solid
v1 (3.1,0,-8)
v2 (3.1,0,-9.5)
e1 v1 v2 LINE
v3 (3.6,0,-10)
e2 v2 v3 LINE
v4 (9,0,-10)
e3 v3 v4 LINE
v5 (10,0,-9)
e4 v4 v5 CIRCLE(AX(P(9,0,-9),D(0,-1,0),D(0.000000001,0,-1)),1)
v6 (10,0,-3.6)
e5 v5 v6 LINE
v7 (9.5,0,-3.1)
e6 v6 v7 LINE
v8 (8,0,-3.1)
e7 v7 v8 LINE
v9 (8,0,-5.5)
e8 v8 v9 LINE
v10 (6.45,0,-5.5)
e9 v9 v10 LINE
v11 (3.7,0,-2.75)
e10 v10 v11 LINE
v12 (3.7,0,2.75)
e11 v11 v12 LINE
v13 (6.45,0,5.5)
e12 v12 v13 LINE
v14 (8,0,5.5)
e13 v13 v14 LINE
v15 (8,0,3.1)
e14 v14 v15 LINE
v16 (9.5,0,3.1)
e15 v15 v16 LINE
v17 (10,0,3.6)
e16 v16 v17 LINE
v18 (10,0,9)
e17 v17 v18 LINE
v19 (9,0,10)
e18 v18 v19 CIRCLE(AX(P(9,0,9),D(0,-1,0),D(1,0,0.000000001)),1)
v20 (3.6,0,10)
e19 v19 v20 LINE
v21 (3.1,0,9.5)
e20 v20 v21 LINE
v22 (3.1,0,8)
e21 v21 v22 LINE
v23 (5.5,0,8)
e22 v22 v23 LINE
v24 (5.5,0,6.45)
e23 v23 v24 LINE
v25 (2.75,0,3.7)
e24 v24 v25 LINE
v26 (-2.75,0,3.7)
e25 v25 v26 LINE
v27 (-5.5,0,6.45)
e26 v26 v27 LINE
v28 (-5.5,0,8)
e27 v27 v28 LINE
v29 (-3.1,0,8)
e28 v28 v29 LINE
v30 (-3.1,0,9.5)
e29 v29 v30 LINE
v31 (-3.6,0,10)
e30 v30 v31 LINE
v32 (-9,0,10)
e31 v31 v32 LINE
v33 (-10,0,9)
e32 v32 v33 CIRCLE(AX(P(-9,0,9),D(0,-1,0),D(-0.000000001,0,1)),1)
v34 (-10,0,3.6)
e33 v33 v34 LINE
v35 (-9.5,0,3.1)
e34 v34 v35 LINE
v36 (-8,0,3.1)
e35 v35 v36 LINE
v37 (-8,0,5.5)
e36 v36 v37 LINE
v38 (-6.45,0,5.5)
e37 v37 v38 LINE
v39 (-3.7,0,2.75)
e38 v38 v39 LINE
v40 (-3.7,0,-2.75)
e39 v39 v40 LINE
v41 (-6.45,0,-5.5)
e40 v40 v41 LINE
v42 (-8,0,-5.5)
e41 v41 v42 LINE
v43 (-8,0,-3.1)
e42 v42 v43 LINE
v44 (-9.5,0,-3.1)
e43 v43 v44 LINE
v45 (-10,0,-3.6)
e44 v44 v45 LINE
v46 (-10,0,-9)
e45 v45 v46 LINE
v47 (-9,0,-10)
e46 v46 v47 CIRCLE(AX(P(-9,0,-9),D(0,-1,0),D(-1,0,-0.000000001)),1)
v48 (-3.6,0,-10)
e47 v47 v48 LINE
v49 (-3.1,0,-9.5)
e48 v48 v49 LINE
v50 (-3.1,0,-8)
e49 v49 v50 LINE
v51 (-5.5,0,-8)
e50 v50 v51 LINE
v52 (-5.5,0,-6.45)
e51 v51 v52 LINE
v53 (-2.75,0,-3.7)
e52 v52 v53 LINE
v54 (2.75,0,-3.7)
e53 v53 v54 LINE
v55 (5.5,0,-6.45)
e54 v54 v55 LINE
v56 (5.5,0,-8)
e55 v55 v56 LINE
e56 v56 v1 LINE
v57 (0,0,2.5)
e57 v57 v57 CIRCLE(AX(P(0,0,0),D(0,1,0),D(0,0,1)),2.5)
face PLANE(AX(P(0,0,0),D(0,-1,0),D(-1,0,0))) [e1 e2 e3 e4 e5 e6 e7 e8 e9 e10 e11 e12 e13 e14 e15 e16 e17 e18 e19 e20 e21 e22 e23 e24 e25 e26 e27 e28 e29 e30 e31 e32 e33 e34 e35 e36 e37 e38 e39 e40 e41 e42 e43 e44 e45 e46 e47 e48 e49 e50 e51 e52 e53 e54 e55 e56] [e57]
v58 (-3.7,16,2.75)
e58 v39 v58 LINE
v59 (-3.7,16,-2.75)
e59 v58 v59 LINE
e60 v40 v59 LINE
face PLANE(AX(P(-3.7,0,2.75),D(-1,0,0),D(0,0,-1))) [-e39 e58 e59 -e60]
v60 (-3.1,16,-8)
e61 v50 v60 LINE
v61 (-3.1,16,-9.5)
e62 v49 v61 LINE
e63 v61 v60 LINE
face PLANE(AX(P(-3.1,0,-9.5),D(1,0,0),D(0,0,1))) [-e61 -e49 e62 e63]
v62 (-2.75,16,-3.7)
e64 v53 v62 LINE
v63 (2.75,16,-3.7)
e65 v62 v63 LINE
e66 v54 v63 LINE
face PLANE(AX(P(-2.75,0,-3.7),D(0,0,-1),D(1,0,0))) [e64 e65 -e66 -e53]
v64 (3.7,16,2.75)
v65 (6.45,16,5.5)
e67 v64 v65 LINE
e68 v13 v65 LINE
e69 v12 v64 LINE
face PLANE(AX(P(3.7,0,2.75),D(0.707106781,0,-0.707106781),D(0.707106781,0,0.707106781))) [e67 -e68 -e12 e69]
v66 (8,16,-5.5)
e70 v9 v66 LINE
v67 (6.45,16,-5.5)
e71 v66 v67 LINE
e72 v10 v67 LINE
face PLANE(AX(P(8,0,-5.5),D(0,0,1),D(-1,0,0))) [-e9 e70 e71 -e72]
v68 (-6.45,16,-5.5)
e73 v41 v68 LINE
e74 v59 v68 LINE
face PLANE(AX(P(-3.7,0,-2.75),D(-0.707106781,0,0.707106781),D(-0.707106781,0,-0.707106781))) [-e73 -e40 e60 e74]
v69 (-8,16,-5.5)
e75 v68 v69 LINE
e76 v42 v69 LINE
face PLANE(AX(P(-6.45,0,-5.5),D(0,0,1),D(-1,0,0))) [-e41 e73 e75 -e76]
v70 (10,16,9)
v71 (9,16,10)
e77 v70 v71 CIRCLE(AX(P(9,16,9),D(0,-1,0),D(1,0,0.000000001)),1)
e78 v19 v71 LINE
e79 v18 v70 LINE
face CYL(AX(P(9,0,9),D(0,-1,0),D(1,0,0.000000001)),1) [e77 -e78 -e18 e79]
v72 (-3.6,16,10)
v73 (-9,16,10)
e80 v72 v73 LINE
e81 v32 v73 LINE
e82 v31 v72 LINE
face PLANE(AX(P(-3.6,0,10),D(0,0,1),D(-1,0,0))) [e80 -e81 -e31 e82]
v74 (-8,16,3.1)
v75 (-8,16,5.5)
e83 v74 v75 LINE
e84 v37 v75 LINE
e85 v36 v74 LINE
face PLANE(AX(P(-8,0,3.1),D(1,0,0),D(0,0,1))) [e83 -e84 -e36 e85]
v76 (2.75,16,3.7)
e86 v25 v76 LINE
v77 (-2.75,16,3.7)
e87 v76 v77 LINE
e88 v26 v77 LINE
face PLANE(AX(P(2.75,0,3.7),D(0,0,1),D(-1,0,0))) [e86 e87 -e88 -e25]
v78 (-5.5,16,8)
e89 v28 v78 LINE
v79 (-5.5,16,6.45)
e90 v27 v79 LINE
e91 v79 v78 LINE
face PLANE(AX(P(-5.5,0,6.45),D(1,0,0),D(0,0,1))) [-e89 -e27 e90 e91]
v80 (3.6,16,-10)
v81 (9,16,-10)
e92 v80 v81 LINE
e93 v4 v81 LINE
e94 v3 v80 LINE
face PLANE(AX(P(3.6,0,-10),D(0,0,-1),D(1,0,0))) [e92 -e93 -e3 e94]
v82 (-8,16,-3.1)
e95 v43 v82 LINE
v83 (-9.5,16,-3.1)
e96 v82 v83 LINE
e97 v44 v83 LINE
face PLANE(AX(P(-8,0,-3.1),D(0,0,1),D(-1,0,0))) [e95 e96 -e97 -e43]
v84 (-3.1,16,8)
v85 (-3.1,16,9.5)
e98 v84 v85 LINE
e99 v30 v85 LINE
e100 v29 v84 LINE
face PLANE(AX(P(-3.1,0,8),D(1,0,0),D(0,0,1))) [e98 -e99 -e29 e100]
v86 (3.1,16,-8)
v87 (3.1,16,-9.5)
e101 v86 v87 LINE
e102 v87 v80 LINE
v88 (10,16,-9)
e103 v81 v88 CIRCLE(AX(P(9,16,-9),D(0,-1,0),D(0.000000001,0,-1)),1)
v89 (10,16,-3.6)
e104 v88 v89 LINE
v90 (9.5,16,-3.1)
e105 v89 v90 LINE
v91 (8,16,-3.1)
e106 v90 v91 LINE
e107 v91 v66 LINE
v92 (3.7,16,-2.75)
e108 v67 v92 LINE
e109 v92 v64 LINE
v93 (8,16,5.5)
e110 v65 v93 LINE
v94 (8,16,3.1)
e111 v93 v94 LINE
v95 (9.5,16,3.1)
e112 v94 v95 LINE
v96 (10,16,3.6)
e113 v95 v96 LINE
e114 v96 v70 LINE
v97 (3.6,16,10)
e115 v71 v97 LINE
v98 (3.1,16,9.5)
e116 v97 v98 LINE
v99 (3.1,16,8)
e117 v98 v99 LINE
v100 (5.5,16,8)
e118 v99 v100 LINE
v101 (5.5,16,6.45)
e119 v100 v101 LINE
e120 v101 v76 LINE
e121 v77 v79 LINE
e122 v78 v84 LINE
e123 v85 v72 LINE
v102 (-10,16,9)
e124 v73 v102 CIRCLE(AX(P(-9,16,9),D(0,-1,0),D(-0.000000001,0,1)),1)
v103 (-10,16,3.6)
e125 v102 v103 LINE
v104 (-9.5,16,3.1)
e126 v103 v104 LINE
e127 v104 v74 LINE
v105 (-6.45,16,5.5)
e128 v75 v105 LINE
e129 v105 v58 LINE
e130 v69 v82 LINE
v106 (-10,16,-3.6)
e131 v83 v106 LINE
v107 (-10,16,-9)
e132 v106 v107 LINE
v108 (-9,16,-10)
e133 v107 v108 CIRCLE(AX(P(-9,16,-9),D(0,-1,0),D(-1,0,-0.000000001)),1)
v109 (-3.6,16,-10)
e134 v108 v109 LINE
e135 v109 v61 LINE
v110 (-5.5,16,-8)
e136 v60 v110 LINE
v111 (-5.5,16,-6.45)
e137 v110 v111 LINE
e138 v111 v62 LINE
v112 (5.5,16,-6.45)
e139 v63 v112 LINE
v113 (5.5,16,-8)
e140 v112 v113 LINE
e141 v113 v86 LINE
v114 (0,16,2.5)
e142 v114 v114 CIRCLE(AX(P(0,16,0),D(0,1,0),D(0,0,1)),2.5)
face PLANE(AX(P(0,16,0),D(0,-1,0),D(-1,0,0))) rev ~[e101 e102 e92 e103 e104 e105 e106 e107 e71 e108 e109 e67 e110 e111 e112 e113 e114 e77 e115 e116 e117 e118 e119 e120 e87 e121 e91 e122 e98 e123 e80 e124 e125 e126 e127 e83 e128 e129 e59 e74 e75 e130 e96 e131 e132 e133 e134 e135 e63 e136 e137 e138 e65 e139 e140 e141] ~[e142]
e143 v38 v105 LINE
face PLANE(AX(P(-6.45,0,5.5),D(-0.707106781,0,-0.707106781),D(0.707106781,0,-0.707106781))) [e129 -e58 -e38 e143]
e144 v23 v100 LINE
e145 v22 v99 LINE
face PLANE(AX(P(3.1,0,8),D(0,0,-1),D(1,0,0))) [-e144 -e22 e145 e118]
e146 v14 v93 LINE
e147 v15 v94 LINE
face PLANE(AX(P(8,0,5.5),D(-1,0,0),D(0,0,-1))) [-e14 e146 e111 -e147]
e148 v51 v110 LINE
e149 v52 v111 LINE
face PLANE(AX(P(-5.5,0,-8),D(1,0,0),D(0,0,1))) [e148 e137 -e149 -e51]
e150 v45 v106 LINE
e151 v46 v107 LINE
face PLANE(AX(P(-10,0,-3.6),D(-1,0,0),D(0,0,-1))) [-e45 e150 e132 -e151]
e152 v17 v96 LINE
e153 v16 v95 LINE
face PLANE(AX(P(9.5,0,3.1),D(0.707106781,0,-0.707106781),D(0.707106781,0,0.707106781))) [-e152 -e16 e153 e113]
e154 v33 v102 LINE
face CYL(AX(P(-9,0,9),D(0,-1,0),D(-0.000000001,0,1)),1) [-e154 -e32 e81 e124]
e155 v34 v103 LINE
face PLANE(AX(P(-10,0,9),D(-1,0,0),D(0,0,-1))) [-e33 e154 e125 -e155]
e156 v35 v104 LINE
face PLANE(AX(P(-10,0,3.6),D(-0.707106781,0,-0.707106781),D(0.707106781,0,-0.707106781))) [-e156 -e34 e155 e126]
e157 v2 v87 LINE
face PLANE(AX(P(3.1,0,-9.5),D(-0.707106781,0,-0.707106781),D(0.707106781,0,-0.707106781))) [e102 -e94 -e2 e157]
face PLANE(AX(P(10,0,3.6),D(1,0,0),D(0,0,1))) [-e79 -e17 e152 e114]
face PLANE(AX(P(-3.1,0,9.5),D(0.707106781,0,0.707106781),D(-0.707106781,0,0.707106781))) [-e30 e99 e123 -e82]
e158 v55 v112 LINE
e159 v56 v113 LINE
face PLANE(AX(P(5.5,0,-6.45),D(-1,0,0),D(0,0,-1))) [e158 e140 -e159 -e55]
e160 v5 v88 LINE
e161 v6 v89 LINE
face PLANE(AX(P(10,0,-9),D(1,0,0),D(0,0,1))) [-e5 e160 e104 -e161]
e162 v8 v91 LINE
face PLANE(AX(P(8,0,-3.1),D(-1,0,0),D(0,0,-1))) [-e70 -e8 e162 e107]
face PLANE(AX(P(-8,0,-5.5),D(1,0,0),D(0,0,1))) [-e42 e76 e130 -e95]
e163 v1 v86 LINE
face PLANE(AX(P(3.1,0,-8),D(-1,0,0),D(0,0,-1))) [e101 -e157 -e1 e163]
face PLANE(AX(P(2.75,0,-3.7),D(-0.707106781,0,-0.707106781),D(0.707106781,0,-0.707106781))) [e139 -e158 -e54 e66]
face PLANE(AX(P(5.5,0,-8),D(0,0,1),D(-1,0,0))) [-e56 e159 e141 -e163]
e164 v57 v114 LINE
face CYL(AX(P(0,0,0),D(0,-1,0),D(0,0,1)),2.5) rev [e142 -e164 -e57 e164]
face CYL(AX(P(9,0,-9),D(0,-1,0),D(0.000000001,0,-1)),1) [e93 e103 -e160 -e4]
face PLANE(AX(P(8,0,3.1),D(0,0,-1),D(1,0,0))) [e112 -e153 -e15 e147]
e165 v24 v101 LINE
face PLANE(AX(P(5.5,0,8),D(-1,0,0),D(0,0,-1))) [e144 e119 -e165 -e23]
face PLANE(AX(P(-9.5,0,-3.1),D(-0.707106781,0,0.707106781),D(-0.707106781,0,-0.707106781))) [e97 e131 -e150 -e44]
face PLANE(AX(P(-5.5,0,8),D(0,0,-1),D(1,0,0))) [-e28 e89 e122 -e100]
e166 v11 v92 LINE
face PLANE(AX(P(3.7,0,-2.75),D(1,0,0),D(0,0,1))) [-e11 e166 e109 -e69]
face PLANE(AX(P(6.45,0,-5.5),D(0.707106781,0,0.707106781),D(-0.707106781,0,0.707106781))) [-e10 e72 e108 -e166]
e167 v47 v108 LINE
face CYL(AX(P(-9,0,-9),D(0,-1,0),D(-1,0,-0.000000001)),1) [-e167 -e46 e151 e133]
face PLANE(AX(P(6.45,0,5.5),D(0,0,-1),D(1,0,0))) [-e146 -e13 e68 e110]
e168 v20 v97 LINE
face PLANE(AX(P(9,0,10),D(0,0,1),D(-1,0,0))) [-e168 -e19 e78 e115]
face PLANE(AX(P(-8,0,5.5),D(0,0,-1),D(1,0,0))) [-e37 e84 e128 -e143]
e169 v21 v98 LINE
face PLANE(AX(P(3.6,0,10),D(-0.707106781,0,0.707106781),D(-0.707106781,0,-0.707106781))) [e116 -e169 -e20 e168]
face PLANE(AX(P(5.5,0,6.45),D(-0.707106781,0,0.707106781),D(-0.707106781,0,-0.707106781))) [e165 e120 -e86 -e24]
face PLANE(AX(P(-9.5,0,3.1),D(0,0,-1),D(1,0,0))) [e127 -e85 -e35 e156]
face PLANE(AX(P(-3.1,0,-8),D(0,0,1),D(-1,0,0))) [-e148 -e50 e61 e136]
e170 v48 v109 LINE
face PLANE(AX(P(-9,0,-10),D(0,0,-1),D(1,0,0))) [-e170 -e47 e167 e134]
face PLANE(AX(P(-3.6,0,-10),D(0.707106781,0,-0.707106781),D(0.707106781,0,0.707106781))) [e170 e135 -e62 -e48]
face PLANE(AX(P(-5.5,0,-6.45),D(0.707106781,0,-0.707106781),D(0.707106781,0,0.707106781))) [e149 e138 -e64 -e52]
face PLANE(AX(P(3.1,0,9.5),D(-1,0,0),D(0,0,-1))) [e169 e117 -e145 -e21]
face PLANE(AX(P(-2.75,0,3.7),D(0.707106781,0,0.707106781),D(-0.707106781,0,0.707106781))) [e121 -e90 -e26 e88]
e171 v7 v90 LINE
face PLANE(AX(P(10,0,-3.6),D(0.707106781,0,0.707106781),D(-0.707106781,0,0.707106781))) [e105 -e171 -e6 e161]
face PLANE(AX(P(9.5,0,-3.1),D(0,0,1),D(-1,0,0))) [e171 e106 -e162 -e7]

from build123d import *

# Parameters (mm, degrees)
SKETCH1_R           = 2.5
BOSS_EXTRUDE1_DEPTH = 16


with BuildPart() as part:
    # Sketch1 → Boss-Extrude1 (new body)
    with BuildSketch(Plane(origin=(0, 0, 0), x_dir=(1, 0, 0), z_dir=(0, 1, 0))):
        with BuildLine():
            Line((3.6, 10), (9, 10))
            ThreePointArc((9, 10), (9.707106781, 9.707106781), (10, 9))
            Line((10, 9), (10, 3.6))
            Line((10, 3.6), (9.5, 3.1))
            Line((9.5, 3.1), (8, 3.1))
            Line((8, 3.1), (8, 5.5))
            Line((8, 5.5), (6.45, 5.5))
            Line((6.45, 5.5), (3.7, 2.75))
            Line((3.7, 2.75), (3.7, -2.75))
            Line((3.7, -2.75), (6.45, -5.5))
            Line((6.45, -5.5), (8, -5.5))
            Line((8, -5.5), (8, -3.1))
            Line((8, -3.1), (9.5, -3.1))
            Line((9.5, -3.1), (10, -3.6))
            Line((10, -3.6), (10, -9))
            ThreePointArc((10, -9), (9.707106781, -9.707106781), (9, -10))
            Line((9, -10), (3.6, -10))
            Line((3.6, -10), (3.1, -9.5))
            Line((3.1, -9.5), (3.1, -8))
            Line((3.1, -8), (5.5, -8))
            Line((5.5, -8), (5.5, -6.45))
            Line((5.5, -6.45), (2.75, -3.7))
            Line((2.75, -3.7), (-2.75, -3.7))
            Line((-2.75, -3.7), (-5.5, -6.45))
            Line((-5.5, -6.45), (-5.5, -8))
            Line((-5.5, -8), (-3.1, -8))
            Line((-3.1, -8), (-3.1, -9.5))
            Line((-3.1, -9.5), (-3.6, -10))
            Line((-3.6, -10), (-9, -10))
            ThreePointArc((-9, -10), (-9.707106781, -9.707106781), (-10, -9))
            Line((-10, -9), (-10, -3.6))
            Line((-10, -3.6), (-9.5, -3.1))
            Line((-9.5, -3.1), (-8, -3.1))
            Line((-8, -3.1), (-8, -5.5))
            Line((-8, -5.5), (-6.45, -5.5))
            Line((-6.45, -5.5), (-3.7, -2.75))
            Line((-3.7, -2.75), (-3.7, 2.75))
            Line((-3.7, 2.75), (-6.45, 5.5))
            Line((-6.45, 5.5), (-8, 5.5))
            Line((-8, 5.5), (-8, 3.1))
            Line((-8, 3.1), (-9.5, 3.1))
            Line((-9.5, 3.1), (-10, 3.6))
            Line((-10, 3.6), (-10, 9))
            ThreePointArc((-10, 9), (-9.707106781, 9.707106781), (-9, 10))
            Line((-9, 10), (-3.6, 10))
            Line((-3.6, 10), (-3.1, 9.5))
            Line((-3.1, 9.5), (-3.1, 8))
            Line((-3.1, 8), (-5.5, 8))
            Line((-5.5, 8), (-5.5, 6.45))
            Line((-5.5, 6.45), (-2.75, 3.7))
            Line((-2.75, 3.7), (2.75, 3.7))
            Line((2.75, 3.7), (5.5, 6.45))
            Line((5.5, 6.45), (5.5, 8))
            Line((5.5, 8), (3.1, 8))
            Line((3.1, 8), (3.1, 9.5))
            Line((3.1, 9.5), (3.6, 10))
        make_face()
        with Locations(Location((0, 0, 0), (0, 0, 270))):
            Circle(SKETCH1_R, mode=Mode.SUBTRACT)
    extrude(amount=BOSS_EXTRUDE1_DEPTH)


solid = part.part
